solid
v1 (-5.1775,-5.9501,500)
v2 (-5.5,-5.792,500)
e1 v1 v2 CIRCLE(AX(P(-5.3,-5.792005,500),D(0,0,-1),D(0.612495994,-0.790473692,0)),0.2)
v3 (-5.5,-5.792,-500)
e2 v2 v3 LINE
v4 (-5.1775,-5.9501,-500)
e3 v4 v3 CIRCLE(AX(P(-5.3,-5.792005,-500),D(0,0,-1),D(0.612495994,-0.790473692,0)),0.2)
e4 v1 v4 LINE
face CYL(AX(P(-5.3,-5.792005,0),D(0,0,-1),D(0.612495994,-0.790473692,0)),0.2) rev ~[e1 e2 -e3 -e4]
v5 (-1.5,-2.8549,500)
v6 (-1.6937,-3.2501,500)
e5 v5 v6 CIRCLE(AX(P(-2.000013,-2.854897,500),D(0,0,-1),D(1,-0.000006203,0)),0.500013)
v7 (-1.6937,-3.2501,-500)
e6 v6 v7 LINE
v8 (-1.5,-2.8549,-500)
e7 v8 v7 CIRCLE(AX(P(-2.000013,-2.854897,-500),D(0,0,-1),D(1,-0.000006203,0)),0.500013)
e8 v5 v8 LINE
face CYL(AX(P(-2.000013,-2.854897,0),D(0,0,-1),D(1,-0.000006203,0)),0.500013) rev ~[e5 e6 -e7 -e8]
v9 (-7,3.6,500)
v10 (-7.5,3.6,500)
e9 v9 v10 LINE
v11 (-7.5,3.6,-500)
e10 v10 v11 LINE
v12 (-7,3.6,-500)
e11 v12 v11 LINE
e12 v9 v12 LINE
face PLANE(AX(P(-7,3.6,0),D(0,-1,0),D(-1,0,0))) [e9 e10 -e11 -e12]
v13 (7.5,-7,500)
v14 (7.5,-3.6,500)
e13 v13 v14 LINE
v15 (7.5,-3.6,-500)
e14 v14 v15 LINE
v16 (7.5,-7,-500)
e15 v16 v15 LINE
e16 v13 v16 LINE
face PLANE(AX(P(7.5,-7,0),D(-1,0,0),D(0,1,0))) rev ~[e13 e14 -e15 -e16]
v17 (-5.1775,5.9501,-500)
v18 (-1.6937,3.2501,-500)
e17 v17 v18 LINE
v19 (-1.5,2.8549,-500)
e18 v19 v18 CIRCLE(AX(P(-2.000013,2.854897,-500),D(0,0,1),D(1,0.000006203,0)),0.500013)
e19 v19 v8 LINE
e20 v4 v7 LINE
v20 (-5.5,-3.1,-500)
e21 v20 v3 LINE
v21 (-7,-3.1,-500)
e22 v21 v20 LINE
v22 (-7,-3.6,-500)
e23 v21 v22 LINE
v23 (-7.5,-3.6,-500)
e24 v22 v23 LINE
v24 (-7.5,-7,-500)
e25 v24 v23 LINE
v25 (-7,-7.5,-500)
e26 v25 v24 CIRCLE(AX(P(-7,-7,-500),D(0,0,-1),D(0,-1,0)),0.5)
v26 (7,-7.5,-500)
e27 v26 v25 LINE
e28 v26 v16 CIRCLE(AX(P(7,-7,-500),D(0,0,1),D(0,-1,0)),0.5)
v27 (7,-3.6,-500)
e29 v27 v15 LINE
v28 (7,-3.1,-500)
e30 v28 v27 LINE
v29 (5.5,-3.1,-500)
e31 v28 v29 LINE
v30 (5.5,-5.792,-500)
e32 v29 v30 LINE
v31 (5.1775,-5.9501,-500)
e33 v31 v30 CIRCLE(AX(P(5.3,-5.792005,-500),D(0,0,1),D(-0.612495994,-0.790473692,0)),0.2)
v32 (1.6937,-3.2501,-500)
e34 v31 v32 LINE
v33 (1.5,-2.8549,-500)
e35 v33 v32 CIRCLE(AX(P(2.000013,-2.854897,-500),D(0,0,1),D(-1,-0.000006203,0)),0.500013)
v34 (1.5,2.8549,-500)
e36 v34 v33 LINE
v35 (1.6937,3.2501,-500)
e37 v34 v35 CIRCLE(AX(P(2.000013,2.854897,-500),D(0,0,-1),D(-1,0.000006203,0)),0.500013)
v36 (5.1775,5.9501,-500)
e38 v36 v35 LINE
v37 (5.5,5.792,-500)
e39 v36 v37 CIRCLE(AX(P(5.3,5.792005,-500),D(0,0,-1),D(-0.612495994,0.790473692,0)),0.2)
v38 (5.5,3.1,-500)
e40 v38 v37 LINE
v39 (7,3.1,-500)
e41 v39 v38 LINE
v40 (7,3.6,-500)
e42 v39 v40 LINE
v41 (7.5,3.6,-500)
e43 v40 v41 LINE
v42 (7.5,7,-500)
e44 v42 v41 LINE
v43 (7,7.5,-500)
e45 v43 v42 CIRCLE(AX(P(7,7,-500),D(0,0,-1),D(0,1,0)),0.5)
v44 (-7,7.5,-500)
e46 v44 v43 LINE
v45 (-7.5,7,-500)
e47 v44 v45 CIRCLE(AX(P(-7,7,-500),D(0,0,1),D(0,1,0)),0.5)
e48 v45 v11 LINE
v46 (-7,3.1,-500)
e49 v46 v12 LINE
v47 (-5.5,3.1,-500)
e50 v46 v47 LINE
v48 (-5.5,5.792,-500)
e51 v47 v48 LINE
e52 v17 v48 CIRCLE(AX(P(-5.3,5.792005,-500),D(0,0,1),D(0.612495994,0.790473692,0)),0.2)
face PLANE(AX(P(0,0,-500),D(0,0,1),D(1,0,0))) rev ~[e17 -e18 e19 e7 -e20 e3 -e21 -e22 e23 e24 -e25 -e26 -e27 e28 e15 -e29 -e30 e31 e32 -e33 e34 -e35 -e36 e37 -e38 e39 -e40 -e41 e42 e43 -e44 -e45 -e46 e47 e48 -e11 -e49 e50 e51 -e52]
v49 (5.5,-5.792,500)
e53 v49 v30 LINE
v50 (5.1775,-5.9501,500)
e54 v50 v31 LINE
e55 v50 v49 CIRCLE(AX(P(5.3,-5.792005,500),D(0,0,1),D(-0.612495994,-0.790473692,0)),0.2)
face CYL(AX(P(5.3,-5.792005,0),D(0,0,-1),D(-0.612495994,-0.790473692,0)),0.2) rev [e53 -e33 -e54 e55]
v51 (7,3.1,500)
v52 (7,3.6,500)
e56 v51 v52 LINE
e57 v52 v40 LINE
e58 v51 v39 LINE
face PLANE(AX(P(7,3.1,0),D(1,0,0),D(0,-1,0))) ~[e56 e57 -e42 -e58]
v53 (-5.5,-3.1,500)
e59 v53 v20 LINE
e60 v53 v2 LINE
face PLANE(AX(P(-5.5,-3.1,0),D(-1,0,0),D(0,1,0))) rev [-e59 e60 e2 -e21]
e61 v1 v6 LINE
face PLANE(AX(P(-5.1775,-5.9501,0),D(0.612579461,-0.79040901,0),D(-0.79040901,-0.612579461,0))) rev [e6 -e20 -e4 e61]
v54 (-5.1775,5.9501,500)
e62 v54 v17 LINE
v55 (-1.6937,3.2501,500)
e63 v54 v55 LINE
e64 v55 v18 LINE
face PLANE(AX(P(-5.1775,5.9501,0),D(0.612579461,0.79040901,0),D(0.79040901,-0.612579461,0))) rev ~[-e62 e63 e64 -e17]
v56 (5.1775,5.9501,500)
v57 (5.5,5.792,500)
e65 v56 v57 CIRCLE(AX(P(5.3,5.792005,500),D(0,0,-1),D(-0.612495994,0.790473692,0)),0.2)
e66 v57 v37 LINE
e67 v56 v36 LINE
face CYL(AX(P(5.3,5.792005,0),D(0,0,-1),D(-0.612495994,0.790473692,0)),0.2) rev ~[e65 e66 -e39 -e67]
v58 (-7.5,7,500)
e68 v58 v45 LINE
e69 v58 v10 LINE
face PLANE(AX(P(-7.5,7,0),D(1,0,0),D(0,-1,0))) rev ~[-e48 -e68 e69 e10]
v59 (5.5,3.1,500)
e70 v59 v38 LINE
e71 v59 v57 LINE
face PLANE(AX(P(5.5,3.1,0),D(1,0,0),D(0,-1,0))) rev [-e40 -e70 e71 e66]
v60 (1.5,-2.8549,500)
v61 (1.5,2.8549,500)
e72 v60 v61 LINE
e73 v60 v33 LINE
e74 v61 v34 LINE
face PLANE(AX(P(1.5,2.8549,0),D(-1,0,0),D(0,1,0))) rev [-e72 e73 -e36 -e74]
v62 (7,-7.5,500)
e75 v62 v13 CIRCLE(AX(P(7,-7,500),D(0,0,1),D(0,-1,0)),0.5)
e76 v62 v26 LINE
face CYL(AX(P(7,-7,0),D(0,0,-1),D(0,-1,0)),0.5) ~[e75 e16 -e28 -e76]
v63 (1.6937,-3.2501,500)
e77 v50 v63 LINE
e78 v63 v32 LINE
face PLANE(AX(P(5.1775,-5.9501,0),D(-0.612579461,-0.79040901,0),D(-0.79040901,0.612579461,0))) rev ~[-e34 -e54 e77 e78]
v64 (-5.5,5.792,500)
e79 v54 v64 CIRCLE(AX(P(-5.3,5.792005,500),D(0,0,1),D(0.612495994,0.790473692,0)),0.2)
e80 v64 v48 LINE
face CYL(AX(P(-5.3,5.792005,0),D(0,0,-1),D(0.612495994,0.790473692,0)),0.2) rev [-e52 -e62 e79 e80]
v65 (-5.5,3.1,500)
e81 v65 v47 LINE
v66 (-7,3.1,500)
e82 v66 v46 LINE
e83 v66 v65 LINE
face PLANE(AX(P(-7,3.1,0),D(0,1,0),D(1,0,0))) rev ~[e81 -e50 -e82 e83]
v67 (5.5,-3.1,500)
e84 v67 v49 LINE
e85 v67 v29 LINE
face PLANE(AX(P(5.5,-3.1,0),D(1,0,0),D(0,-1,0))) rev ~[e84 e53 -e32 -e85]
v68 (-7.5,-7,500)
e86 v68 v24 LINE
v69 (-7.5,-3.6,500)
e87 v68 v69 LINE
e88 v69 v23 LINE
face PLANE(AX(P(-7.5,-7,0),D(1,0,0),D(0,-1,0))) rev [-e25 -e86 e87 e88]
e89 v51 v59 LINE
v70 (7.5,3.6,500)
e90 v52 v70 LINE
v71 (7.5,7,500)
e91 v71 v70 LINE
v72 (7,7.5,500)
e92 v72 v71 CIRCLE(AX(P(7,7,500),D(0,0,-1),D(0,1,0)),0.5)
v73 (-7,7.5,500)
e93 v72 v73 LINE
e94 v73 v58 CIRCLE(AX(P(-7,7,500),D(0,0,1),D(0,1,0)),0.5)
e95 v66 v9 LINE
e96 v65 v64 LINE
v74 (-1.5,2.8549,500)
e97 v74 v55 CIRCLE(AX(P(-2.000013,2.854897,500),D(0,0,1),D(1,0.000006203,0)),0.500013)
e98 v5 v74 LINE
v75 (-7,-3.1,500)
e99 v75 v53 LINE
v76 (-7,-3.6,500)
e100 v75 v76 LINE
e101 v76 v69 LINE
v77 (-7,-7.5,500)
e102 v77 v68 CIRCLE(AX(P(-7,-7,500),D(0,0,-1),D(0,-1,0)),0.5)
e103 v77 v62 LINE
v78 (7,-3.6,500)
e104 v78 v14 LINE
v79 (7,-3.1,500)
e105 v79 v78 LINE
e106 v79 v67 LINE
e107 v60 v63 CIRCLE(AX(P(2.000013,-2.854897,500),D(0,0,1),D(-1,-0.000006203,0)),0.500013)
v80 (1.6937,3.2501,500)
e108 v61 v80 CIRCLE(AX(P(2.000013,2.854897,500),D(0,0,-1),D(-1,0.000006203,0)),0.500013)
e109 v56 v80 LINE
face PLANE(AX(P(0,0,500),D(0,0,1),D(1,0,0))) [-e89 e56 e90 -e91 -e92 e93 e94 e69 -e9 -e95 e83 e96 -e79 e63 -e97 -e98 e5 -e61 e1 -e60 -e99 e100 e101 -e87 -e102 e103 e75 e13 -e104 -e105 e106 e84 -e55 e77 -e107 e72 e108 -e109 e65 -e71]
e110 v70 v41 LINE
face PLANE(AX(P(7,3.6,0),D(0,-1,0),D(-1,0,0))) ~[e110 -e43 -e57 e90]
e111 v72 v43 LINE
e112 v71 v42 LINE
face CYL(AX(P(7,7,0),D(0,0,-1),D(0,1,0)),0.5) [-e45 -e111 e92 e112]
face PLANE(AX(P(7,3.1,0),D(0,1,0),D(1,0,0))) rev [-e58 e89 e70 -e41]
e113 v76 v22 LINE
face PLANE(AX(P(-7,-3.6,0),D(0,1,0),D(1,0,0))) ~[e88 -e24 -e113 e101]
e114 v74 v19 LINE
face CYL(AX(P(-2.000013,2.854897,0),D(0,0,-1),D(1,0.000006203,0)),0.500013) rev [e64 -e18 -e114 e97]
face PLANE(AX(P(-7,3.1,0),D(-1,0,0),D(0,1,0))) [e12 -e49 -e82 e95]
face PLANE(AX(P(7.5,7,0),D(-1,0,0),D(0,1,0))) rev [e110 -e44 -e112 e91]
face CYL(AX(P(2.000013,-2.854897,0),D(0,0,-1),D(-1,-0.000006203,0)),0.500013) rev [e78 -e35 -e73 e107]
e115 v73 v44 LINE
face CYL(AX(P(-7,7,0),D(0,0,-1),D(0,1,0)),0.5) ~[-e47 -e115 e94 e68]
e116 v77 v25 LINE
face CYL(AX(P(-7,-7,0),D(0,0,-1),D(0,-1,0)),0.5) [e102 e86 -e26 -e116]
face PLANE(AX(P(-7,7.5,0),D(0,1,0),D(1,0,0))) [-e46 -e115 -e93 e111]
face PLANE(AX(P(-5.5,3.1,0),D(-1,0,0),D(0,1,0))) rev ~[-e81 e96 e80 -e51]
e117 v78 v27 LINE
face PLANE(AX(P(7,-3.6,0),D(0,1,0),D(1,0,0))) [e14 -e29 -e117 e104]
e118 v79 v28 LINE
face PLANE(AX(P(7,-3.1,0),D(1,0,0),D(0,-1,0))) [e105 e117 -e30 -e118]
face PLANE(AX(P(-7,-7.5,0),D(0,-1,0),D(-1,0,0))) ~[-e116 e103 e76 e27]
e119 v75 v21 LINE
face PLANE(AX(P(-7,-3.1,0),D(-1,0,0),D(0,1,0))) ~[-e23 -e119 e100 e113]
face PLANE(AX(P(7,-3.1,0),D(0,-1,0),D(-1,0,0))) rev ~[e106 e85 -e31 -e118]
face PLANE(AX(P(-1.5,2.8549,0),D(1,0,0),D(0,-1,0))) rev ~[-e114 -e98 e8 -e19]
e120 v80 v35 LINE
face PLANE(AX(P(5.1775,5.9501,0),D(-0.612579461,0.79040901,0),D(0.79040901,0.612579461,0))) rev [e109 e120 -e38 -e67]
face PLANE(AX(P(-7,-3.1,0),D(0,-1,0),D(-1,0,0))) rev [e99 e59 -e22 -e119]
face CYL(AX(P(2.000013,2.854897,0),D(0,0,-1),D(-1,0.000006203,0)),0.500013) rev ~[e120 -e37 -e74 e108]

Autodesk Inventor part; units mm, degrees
ref_plane "YZ Plane" through (0, 0, 0) normal (1, 0, 0) x (0, 1, 0)
ref_plane "XZ Plane" through (0, 0, 0) normal (0, 1, 0) x (-1, 0, 0)
ref_plane "XY Plane" through (0, 0, 0) normal (0, 0, 1) x (1, 0, 0)
sketch "Esboço1" plane through (0, 0, 0) normal (0, 0, 1) x (1, 0, 0)
  line L0 (7.5, 7.5) -> (-7.5, 7.5) construction
  line L1 (-7.5, 3.1) -> (-7.5, -3.1) construction
  line L2 (-7.5, 7.5) -> (-7.5, 3.1) construction
  line L3 (-7.5, 3.1) -> (-5.5, 3.1) construction
  line L4 (-5.5, 3.1) -> (-5.5, 6.2) construction
  line L5 (-5.5, 6.2) -> (-1.5, 3.1) construction
  line L6 (-1.5, 3.1) -> (-1.5, 0) construction
  line L7 (-1.5, 0) -> (0, 0)
  line L8 (0, 0) -> (0, 7.5)
  arc A0 (-7, 7.5) -> (-7.5, 7) centre (-7, 7) ccw
  line L9 (-7.5, 3.1) -> (-7, 3.1) construction
  line L10 (-7, 3.1) -> (-7, 3.6)
  line L11 (-7, 3.6) -> (-7.5, 3.6)
  line L12 (-7.5, 3.6) -> (-7.5, 3.1) construction
  line L13 (-7.5, 7) -> (-7.5, 3.6)
  line L14 (-7, 7.5) -> (0, 7.5)
  line L15 (-7, 3.1) -> (-5.5, 3.1)
  arc A1 (-5.1775, 5.9501) -> (-5.5, 5.792) centre (-5.3, 5.792) ccw
  line L16 (-5.5, 3.1) -> (-5.5, 5.792)
  arc A2 (-1.5, 2.8549) -> (-1.6937, 3.2501) centre (-2, 2.8549) ccw
  line L17 (-5.1775, 5.9501) -> (-1.6937, 3.2501)
  line L18 (-1.5, 2.8549) -> (-1.5, 0)
  point P0 (-7.5, 0)
  dimension "d0" = 15
  dimension "d1" = 6.2
  dimension "d2" = 7.5
  dimension "d4" = 2
  dimension "d5" = 6
  dimension "d7" = 3.1
  dimension "d10" = 0.5
  dimension "d11" = 0.5
  dimension "d12" = 0.2
  dimension "d13" = 0.5
extrude "Extrusão1" add sketch "Esboço1" along normal mid plane 1000
mirror "Espelhar1" about plane through (0, 0, 0) normal (1, 0, 0) of "Extrusão1"
mirror "Espelhar2" about plane through (0, 0, 0) normal (0, 1, 0) of "Extrusão1", "Espelhar1"
equation "\"d2\" = 0.5 * d0"
properties part number "15×15 2 slots profile_AST01501502" material "Bronze, Cast"
